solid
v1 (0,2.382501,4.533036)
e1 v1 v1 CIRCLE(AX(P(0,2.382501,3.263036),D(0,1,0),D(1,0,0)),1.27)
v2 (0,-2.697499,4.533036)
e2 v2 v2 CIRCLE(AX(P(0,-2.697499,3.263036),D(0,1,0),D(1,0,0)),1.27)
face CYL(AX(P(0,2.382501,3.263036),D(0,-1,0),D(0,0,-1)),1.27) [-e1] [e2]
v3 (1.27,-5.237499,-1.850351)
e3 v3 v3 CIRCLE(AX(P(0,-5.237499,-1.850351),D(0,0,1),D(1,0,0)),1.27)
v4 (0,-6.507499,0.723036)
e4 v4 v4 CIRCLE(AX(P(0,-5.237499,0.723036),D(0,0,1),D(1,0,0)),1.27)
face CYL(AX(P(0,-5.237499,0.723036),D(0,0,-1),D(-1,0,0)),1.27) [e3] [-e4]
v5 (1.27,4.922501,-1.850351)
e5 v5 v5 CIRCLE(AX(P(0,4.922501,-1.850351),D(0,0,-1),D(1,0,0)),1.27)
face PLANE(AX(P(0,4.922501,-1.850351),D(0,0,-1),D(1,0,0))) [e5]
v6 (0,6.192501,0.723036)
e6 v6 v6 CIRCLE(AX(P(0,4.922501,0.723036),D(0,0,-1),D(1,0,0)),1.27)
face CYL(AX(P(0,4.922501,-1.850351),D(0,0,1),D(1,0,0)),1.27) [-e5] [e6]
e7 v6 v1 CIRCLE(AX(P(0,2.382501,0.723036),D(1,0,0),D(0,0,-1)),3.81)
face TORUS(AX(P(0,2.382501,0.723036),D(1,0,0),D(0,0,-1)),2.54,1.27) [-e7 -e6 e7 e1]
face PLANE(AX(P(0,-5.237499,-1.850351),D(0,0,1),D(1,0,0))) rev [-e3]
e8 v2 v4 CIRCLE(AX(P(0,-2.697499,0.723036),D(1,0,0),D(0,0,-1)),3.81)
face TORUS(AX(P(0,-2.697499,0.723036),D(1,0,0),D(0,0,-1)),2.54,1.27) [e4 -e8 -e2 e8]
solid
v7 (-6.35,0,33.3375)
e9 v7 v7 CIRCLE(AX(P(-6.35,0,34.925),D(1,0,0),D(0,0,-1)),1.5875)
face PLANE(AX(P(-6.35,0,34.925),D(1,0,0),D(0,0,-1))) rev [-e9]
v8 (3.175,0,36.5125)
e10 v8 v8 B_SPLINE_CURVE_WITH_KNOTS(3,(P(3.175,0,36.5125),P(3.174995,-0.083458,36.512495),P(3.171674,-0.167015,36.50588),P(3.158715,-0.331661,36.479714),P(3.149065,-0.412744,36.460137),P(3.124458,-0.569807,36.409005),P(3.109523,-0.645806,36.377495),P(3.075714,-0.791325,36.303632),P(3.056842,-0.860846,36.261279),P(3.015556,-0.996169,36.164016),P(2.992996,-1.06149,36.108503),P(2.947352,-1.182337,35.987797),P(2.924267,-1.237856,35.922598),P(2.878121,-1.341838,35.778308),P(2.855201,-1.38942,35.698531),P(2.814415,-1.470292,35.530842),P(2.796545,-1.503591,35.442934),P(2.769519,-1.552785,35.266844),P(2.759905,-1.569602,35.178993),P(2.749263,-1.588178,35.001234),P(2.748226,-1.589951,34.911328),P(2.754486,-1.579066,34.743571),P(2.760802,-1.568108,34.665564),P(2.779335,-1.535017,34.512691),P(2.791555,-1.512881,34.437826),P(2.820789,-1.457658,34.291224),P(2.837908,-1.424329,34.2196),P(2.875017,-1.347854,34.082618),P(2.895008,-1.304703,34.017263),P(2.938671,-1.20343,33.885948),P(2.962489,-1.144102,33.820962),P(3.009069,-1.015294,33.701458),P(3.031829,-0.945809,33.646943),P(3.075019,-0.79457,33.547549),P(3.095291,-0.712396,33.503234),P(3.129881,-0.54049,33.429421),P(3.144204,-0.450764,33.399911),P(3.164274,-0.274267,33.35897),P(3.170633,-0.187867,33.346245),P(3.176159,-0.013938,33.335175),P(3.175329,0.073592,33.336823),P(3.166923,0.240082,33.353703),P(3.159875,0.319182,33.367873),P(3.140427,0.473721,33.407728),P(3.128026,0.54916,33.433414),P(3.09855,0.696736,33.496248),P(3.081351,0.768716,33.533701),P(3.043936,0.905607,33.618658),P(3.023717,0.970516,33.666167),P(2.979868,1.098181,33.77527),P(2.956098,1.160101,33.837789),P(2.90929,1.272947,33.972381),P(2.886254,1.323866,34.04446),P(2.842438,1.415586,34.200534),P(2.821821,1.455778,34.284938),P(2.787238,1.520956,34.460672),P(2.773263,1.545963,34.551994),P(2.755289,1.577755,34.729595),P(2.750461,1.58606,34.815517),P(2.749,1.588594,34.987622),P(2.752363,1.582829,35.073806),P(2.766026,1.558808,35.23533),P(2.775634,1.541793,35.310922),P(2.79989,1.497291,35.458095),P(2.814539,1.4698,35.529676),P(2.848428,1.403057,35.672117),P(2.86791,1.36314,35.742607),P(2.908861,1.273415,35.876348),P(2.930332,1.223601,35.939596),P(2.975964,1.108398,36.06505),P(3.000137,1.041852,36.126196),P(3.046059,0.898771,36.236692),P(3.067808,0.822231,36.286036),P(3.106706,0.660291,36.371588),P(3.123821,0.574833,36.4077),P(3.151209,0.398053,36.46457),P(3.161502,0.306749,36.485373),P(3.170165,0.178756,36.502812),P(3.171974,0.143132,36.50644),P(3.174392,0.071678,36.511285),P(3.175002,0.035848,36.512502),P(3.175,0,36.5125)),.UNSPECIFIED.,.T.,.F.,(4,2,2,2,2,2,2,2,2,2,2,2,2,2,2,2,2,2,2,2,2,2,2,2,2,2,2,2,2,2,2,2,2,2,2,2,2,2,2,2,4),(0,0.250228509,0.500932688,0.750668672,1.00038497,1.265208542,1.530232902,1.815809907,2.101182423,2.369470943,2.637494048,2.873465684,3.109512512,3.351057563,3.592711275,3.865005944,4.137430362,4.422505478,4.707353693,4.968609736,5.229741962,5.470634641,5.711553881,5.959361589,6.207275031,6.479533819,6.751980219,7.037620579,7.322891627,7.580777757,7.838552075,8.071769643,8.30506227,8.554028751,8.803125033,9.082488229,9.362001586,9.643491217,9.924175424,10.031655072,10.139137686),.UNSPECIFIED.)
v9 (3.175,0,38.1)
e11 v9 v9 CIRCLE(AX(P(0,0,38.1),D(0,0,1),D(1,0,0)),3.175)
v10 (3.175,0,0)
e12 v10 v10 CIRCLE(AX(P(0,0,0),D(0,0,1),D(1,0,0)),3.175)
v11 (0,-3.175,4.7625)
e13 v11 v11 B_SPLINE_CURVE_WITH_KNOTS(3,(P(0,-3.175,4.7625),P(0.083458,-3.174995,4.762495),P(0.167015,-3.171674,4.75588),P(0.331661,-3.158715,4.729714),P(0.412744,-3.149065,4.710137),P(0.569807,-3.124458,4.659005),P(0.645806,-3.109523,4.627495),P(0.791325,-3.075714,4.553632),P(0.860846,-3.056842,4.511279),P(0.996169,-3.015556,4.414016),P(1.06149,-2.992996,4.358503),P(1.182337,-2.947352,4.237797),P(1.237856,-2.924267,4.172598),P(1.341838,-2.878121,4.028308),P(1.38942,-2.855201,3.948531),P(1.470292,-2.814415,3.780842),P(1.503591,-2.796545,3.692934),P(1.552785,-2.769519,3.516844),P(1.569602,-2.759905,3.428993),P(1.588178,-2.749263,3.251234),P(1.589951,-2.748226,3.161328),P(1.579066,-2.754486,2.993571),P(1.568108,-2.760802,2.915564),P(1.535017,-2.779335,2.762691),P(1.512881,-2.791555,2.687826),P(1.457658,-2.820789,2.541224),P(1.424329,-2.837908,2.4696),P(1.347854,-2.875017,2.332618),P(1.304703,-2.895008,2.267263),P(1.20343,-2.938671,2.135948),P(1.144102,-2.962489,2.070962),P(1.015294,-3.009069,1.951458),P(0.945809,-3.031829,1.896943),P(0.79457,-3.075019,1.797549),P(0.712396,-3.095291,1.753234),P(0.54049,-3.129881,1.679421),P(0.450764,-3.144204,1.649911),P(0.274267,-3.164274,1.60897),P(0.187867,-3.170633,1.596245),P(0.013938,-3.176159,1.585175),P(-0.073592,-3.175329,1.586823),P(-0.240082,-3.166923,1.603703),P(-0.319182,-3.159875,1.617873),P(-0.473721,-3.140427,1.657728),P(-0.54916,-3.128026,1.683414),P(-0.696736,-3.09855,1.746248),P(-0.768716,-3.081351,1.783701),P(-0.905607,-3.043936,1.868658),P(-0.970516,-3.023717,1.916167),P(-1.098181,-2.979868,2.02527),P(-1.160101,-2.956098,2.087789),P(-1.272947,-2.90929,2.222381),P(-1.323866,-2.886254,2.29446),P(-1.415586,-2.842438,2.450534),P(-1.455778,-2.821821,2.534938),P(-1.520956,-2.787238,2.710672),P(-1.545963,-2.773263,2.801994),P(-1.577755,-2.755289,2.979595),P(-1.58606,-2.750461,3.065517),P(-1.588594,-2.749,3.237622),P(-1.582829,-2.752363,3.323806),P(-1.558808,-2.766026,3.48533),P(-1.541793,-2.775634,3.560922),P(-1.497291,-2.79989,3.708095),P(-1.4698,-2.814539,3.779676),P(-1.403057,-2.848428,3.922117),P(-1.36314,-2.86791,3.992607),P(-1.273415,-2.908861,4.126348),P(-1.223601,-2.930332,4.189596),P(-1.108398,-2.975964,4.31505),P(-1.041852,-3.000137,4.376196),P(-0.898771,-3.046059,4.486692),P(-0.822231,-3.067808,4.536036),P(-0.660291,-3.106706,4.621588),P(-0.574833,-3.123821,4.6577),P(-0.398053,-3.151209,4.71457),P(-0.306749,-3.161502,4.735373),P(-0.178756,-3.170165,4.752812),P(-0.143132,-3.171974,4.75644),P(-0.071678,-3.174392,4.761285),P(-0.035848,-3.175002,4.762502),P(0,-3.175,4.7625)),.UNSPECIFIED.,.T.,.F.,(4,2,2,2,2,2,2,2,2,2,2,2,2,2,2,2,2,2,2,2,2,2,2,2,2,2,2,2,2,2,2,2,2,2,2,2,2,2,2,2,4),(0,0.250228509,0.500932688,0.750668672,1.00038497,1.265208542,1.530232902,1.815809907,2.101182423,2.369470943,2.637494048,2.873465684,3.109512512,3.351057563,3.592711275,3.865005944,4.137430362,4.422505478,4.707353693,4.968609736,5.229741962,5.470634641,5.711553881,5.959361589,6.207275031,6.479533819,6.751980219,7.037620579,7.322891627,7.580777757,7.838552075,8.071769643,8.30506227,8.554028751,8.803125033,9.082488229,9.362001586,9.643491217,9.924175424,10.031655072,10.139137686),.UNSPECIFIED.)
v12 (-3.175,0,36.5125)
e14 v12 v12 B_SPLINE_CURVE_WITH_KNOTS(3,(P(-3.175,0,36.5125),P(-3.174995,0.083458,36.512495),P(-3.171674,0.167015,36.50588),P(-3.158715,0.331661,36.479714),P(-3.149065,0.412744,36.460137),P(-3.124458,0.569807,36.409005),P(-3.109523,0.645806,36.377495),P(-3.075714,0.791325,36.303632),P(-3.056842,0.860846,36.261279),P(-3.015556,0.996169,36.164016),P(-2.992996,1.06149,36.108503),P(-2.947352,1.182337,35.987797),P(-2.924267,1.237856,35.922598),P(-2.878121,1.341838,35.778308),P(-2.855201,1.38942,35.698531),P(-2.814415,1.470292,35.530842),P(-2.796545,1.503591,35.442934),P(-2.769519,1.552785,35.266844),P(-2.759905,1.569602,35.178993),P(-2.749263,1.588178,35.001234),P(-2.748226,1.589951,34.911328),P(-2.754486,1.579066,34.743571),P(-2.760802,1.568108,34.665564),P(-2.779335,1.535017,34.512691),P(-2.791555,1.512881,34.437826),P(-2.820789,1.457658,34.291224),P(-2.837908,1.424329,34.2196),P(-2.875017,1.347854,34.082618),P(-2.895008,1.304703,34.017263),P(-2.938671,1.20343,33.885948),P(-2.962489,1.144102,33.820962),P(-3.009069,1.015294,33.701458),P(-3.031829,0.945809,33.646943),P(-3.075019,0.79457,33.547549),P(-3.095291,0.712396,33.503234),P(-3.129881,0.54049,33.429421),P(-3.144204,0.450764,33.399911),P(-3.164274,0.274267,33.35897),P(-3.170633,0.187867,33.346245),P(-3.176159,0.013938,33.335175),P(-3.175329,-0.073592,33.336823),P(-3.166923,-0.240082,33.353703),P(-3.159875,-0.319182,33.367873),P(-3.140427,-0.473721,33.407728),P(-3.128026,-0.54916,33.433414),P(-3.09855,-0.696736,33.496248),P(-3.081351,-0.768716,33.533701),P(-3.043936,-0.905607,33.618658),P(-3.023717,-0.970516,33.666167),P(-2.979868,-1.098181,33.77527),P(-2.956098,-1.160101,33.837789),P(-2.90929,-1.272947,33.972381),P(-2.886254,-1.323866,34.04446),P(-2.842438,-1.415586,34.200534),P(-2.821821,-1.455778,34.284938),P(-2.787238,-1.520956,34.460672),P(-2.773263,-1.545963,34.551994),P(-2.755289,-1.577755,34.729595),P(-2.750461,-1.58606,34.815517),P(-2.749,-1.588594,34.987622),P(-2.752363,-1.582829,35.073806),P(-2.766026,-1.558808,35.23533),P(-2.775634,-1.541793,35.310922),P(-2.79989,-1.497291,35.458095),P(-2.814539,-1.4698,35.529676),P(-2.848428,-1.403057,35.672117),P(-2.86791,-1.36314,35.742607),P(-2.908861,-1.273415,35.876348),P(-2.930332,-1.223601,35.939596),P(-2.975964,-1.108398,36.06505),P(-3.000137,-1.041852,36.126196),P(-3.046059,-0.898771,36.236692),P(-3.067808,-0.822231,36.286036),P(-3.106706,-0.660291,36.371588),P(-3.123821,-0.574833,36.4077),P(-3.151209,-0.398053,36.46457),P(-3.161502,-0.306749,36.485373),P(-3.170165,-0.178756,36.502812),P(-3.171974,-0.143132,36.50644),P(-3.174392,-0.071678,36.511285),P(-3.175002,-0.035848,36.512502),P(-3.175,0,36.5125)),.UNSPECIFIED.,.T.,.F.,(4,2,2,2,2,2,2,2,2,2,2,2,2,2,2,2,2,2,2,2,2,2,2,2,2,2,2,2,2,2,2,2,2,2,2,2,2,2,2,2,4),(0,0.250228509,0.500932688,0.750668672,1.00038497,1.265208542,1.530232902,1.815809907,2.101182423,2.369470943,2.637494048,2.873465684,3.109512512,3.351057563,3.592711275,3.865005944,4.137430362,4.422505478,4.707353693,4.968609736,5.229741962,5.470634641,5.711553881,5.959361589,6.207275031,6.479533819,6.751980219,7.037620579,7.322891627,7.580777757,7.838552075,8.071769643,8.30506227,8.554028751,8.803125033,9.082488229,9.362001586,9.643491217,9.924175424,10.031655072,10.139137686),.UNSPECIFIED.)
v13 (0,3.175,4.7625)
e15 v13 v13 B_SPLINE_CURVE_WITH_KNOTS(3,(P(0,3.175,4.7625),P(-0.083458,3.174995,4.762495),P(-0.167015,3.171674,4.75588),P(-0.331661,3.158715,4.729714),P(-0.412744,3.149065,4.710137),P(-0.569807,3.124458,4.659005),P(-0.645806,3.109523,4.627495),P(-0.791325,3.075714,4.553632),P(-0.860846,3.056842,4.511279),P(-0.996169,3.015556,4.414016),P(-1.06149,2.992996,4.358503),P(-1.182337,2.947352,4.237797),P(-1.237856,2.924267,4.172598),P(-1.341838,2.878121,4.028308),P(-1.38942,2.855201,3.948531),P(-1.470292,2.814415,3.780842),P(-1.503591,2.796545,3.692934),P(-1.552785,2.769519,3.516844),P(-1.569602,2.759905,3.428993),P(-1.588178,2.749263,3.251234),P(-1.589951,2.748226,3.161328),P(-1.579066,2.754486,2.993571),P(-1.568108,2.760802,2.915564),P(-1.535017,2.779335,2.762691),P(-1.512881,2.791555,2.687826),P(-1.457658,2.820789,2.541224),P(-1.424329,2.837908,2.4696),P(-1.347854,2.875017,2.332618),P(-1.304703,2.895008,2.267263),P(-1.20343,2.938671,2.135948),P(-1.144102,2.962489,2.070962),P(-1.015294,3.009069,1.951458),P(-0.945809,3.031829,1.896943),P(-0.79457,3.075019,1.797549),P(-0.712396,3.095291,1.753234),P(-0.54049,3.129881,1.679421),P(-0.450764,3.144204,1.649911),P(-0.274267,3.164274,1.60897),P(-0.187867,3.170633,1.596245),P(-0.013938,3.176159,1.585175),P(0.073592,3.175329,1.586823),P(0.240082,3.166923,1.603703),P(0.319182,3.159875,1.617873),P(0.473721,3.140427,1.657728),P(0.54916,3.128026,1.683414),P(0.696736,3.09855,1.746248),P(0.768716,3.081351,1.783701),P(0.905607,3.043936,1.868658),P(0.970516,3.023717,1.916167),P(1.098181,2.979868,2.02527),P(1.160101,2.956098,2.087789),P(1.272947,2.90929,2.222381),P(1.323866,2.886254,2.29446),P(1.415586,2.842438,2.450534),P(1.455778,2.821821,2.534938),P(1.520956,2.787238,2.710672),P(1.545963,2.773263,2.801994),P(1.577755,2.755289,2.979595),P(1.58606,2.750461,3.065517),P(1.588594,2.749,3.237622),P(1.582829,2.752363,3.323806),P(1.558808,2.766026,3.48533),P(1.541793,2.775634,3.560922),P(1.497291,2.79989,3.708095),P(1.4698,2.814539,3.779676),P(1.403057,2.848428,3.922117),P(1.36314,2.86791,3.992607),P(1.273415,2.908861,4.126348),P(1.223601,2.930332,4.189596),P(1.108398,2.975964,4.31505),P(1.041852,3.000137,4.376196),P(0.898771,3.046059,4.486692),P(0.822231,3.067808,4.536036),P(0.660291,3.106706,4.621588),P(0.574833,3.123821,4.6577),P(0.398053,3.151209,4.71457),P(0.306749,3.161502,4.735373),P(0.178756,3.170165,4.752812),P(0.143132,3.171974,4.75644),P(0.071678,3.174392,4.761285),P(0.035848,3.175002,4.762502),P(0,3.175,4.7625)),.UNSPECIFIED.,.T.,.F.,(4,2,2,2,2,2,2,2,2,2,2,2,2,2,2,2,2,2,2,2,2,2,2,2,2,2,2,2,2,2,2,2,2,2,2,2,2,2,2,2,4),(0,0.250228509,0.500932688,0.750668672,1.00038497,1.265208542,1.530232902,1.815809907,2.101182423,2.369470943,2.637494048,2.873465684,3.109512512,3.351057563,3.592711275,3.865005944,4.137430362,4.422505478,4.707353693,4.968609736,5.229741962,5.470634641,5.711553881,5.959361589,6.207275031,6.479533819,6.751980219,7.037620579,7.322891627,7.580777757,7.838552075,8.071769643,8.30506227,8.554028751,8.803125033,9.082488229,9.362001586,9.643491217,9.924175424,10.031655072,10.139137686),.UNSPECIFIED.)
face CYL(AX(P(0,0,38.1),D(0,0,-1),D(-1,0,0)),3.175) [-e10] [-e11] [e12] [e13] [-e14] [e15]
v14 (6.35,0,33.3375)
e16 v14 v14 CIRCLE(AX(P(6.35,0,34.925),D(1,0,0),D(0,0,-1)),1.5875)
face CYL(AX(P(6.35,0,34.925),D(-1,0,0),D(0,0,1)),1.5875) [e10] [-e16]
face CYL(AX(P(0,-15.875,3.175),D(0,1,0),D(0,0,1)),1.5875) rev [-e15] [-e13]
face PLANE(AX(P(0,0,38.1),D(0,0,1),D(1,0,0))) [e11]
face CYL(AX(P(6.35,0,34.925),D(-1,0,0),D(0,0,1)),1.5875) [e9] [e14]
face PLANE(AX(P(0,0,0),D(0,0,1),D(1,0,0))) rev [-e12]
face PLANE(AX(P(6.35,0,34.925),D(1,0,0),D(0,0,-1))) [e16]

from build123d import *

# Parameters (mm, degrees)
SKETCH1_R           = 3.175
BOSS_EXTRUDE1_DEPTH = 38.1
SKETCH2_R           = 1.5875
CUT_EXTRUDE1_DEPTH  = 15.875
SKETCH3_R           = 1.5875
BOSS_EXTRUDE2_DEPTH = 6.35
SWEEP1_PROFILE_R    = 1.27


with BuildPart() as part:
    # Sketch1 → Boss-Extrude1 (new body)
    with BuildSketch(Plane.XY):
        Circle(SKETCH1_R)
    extrude(amount=BOSS_EXTRUDE1_DEPTH)

    # Sketch2 → Cut-Extrude1 (cut, symmetric)
    with BuildSketch(Plane(origin=(0, 0, 0), x_dir=(1, 0, 0), z_dir=(0, 1, 0))):
        with Locations((0, -3.175)):
            Circle(SKETCH2_R)
    extrude(amount=CUT_EXTRUDE1_DEPTH, both=True, mode=Mode.SUBTRACT)

    # Sketch3 → Boss-Extrude2 (add, symmetric)
    with BuildSketch(Plane(origin=(0, 0, 0), x_dir=(0, 0, -1), z_dir=(1, 0, 0))):
        with Locations((-34.925, 0)):
            Circle(SKETCH3_R)
    extrude(amount=BOSS_EXTRUDE2_DEPTH, both=True)


with BuildPart() as body_2:
    # Sweep1: sweep along a path in Sketch4
    with BuildLine(Plane(origin=(0, 0, 0), x_dir=(0, 0, -1), z_dir=(1, 0, 0))) as sweep1_path:
        Line((1.85035109, 4.922501093), (-0.723036469, 4.922501093))
        ThreePointArc((-0.723036469, 4.922501093), (-2.519087693, 4.178552317), (-3.263036469, 2.382501093))
        Line((-3.263036469, 2.382501093), (-3.263036469, -2.697498907))
        ThreePointArc((-3.263036469, -2.697498907), (-2.519087693, -4.493550132), (-0.723036469, -5.237498907))
        Line((-0.723036469, -5.237498907), (1.85035109, -5.237498907))
    # Sweep1 profile (on start of the path) → Sweep1 (sweep)
    with BuildSketch(Plane(origin=(0, 4.922501093, -1.85035109), x_dir=(1, 0, 0), z_dir=(0, 0, 1))):
        Circle(SWEEP1_PROFILE_R)
    sweep(path=sweep1_path.line)


solid = Compound([part.part, body_2.part])
